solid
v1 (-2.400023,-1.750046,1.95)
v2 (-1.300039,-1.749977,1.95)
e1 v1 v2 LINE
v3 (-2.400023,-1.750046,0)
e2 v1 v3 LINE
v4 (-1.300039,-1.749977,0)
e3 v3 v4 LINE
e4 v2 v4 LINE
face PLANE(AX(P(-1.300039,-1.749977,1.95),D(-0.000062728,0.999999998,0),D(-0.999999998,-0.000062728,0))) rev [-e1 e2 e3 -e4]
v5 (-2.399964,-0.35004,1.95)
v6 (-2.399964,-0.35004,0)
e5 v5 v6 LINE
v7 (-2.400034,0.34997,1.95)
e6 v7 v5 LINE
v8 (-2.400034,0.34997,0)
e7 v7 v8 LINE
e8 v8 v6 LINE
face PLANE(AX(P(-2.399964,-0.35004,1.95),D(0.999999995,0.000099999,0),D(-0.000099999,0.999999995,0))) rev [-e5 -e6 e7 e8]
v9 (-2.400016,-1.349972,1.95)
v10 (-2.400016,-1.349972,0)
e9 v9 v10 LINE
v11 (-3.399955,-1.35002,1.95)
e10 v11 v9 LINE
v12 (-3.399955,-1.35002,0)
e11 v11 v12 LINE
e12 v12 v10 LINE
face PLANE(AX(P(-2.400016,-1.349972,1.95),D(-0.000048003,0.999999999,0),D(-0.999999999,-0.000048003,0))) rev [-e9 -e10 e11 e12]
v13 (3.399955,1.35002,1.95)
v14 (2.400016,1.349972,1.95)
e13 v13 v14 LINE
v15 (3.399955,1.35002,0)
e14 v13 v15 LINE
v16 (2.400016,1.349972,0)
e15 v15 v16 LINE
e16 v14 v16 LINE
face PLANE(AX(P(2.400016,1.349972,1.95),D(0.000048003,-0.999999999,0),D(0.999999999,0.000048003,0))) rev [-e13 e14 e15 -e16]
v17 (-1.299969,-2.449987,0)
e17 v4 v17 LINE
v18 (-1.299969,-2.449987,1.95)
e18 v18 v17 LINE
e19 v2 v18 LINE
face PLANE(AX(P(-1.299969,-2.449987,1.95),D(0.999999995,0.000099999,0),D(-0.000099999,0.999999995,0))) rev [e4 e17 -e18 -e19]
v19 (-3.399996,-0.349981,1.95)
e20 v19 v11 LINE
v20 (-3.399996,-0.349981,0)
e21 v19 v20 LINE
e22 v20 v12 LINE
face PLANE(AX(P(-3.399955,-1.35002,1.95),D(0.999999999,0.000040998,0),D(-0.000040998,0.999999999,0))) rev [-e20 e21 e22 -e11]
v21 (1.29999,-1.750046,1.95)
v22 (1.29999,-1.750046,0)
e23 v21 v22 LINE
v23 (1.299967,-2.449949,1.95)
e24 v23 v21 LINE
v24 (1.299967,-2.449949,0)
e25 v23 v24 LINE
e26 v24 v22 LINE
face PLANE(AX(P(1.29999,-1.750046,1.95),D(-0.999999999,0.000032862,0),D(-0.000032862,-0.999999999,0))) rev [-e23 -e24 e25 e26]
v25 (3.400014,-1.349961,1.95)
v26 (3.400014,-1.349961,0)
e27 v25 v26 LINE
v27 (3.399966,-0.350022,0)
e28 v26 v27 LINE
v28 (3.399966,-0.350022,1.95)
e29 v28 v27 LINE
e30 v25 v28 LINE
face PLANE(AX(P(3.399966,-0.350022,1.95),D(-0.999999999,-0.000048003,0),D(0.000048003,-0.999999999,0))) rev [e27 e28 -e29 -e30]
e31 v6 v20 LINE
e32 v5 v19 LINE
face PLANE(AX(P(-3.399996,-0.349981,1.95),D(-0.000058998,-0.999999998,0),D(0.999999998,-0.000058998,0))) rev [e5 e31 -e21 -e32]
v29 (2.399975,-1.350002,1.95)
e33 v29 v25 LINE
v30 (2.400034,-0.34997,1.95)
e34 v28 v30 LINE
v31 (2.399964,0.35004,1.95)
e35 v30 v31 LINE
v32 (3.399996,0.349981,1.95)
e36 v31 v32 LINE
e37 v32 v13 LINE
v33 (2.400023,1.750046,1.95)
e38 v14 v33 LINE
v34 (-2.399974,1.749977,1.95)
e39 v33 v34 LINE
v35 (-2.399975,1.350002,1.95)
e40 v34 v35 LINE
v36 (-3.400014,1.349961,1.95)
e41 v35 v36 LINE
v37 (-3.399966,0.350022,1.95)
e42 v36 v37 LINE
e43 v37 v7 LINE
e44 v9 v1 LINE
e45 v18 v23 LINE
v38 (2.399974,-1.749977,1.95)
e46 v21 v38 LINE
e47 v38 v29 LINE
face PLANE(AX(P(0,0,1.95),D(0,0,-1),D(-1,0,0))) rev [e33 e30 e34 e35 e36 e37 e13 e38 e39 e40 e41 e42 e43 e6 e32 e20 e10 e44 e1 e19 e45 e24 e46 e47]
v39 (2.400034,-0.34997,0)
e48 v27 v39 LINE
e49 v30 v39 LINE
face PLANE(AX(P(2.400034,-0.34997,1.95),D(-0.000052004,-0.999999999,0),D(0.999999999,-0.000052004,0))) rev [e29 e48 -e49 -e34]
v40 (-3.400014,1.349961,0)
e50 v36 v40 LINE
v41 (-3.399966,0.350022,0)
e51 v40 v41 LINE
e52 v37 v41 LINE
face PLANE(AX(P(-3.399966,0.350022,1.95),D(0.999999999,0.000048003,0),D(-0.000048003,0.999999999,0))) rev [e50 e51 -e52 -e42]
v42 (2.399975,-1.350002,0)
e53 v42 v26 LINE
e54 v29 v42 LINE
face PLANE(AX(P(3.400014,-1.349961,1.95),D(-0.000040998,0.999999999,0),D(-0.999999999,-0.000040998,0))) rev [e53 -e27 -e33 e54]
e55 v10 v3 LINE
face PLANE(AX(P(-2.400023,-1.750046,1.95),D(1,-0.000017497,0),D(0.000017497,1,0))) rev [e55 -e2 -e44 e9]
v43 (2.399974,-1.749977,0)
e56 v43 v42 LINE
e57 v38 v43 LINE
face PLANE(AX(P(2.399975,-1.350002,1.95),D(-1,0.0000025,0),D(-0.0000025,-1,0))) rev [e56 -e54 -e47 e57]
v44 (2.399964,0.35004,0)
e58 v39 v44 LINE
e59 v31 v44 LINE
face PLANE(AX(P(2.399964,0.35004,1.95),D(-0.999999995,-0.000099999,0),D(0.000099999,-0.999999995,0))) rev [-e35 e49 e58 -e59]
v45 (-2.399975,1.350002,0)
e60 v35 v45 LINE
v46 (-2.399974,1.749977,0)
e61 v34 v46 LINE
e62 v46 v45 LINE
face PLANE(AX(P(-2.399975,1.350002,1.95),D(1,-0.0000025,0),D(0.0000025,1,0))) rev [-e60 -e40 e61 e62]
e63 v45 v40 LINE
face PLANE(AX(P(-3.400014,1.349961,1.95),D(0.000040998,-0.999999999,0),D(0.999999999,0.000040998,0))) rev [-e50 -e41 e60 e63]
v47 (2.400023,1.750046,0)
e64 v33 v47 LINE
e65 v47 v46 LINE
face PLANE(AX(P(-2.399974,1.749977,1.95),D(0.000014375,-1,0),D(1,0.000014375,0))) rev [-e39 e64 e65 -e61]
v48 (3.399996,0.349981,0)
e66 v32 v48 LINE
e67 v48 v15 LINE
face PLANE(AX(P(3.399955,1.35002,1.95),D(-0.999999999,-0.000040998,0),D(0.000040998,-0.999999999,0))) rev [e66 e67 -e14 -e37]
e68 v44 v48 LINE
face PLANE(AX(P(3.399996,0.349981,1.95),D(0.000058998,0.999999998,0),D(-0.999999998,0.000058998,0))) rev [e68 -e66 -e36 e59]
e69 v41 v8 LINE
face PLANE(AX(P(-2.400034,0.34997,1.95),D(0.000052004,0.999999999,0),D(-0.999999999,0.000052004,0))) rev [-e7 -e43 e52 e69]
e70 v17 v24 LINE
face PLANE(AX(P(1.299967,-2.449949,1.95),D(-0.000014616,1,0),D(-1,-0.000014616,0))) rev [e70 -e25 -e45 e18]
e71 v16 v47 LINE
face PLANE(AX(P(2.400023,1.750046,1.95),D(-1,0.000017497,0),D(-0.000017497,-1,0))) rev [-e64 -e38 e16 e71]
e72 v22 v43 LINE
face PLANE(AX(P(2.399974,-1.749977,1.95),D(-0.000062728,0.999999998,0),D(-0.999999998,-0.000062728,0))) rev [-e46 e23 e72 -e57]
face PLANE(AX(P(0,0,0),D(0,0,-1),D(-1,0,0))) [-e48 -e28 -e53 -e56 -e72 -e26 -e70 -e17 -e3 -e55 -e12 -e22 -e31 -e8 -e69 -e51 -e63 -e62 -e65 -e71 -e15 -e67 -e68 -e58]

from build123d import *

# Parameters (mm, degrees)
COMPONENT_OUTLINE_DEPTH = 1.95


with BuildPart() as part:
    # 草图1 → Component_Outline (new body)
    with BuildSketch(Plane.XY):
        Polygon((3.400014, -1.349961), (2.399975, -1.350002), (2.399974, -1.749977), (1.29999, -1.750046), (1.299967, -2.449949), (-1.299969, -2.449987), (-1.300039, -1.749977), (-2.400023, -1.750046), (-2.400016, -1.349972), (-3.399955, -1.35002), (-3.399996, -0.349981), (-2.399964, -0.35004), (-2.400034, 0.34997), (-3.399966, 0.350022), (-3.400014, 1.349961), (-2.399975, 1.350002), (-2.399974, 1.749977), (2.400023, 1.750046), (2.400016, 1.349972), (3.399955, 1.35002), (3.399996, 0.349981), (2.399964, 0.35004), (2.400034, -0.34997), (3.399966, -0.350022), align=None)
    extrude(amount=COMPONENT_OUTLINE_DEPTH)


solid = part.part
